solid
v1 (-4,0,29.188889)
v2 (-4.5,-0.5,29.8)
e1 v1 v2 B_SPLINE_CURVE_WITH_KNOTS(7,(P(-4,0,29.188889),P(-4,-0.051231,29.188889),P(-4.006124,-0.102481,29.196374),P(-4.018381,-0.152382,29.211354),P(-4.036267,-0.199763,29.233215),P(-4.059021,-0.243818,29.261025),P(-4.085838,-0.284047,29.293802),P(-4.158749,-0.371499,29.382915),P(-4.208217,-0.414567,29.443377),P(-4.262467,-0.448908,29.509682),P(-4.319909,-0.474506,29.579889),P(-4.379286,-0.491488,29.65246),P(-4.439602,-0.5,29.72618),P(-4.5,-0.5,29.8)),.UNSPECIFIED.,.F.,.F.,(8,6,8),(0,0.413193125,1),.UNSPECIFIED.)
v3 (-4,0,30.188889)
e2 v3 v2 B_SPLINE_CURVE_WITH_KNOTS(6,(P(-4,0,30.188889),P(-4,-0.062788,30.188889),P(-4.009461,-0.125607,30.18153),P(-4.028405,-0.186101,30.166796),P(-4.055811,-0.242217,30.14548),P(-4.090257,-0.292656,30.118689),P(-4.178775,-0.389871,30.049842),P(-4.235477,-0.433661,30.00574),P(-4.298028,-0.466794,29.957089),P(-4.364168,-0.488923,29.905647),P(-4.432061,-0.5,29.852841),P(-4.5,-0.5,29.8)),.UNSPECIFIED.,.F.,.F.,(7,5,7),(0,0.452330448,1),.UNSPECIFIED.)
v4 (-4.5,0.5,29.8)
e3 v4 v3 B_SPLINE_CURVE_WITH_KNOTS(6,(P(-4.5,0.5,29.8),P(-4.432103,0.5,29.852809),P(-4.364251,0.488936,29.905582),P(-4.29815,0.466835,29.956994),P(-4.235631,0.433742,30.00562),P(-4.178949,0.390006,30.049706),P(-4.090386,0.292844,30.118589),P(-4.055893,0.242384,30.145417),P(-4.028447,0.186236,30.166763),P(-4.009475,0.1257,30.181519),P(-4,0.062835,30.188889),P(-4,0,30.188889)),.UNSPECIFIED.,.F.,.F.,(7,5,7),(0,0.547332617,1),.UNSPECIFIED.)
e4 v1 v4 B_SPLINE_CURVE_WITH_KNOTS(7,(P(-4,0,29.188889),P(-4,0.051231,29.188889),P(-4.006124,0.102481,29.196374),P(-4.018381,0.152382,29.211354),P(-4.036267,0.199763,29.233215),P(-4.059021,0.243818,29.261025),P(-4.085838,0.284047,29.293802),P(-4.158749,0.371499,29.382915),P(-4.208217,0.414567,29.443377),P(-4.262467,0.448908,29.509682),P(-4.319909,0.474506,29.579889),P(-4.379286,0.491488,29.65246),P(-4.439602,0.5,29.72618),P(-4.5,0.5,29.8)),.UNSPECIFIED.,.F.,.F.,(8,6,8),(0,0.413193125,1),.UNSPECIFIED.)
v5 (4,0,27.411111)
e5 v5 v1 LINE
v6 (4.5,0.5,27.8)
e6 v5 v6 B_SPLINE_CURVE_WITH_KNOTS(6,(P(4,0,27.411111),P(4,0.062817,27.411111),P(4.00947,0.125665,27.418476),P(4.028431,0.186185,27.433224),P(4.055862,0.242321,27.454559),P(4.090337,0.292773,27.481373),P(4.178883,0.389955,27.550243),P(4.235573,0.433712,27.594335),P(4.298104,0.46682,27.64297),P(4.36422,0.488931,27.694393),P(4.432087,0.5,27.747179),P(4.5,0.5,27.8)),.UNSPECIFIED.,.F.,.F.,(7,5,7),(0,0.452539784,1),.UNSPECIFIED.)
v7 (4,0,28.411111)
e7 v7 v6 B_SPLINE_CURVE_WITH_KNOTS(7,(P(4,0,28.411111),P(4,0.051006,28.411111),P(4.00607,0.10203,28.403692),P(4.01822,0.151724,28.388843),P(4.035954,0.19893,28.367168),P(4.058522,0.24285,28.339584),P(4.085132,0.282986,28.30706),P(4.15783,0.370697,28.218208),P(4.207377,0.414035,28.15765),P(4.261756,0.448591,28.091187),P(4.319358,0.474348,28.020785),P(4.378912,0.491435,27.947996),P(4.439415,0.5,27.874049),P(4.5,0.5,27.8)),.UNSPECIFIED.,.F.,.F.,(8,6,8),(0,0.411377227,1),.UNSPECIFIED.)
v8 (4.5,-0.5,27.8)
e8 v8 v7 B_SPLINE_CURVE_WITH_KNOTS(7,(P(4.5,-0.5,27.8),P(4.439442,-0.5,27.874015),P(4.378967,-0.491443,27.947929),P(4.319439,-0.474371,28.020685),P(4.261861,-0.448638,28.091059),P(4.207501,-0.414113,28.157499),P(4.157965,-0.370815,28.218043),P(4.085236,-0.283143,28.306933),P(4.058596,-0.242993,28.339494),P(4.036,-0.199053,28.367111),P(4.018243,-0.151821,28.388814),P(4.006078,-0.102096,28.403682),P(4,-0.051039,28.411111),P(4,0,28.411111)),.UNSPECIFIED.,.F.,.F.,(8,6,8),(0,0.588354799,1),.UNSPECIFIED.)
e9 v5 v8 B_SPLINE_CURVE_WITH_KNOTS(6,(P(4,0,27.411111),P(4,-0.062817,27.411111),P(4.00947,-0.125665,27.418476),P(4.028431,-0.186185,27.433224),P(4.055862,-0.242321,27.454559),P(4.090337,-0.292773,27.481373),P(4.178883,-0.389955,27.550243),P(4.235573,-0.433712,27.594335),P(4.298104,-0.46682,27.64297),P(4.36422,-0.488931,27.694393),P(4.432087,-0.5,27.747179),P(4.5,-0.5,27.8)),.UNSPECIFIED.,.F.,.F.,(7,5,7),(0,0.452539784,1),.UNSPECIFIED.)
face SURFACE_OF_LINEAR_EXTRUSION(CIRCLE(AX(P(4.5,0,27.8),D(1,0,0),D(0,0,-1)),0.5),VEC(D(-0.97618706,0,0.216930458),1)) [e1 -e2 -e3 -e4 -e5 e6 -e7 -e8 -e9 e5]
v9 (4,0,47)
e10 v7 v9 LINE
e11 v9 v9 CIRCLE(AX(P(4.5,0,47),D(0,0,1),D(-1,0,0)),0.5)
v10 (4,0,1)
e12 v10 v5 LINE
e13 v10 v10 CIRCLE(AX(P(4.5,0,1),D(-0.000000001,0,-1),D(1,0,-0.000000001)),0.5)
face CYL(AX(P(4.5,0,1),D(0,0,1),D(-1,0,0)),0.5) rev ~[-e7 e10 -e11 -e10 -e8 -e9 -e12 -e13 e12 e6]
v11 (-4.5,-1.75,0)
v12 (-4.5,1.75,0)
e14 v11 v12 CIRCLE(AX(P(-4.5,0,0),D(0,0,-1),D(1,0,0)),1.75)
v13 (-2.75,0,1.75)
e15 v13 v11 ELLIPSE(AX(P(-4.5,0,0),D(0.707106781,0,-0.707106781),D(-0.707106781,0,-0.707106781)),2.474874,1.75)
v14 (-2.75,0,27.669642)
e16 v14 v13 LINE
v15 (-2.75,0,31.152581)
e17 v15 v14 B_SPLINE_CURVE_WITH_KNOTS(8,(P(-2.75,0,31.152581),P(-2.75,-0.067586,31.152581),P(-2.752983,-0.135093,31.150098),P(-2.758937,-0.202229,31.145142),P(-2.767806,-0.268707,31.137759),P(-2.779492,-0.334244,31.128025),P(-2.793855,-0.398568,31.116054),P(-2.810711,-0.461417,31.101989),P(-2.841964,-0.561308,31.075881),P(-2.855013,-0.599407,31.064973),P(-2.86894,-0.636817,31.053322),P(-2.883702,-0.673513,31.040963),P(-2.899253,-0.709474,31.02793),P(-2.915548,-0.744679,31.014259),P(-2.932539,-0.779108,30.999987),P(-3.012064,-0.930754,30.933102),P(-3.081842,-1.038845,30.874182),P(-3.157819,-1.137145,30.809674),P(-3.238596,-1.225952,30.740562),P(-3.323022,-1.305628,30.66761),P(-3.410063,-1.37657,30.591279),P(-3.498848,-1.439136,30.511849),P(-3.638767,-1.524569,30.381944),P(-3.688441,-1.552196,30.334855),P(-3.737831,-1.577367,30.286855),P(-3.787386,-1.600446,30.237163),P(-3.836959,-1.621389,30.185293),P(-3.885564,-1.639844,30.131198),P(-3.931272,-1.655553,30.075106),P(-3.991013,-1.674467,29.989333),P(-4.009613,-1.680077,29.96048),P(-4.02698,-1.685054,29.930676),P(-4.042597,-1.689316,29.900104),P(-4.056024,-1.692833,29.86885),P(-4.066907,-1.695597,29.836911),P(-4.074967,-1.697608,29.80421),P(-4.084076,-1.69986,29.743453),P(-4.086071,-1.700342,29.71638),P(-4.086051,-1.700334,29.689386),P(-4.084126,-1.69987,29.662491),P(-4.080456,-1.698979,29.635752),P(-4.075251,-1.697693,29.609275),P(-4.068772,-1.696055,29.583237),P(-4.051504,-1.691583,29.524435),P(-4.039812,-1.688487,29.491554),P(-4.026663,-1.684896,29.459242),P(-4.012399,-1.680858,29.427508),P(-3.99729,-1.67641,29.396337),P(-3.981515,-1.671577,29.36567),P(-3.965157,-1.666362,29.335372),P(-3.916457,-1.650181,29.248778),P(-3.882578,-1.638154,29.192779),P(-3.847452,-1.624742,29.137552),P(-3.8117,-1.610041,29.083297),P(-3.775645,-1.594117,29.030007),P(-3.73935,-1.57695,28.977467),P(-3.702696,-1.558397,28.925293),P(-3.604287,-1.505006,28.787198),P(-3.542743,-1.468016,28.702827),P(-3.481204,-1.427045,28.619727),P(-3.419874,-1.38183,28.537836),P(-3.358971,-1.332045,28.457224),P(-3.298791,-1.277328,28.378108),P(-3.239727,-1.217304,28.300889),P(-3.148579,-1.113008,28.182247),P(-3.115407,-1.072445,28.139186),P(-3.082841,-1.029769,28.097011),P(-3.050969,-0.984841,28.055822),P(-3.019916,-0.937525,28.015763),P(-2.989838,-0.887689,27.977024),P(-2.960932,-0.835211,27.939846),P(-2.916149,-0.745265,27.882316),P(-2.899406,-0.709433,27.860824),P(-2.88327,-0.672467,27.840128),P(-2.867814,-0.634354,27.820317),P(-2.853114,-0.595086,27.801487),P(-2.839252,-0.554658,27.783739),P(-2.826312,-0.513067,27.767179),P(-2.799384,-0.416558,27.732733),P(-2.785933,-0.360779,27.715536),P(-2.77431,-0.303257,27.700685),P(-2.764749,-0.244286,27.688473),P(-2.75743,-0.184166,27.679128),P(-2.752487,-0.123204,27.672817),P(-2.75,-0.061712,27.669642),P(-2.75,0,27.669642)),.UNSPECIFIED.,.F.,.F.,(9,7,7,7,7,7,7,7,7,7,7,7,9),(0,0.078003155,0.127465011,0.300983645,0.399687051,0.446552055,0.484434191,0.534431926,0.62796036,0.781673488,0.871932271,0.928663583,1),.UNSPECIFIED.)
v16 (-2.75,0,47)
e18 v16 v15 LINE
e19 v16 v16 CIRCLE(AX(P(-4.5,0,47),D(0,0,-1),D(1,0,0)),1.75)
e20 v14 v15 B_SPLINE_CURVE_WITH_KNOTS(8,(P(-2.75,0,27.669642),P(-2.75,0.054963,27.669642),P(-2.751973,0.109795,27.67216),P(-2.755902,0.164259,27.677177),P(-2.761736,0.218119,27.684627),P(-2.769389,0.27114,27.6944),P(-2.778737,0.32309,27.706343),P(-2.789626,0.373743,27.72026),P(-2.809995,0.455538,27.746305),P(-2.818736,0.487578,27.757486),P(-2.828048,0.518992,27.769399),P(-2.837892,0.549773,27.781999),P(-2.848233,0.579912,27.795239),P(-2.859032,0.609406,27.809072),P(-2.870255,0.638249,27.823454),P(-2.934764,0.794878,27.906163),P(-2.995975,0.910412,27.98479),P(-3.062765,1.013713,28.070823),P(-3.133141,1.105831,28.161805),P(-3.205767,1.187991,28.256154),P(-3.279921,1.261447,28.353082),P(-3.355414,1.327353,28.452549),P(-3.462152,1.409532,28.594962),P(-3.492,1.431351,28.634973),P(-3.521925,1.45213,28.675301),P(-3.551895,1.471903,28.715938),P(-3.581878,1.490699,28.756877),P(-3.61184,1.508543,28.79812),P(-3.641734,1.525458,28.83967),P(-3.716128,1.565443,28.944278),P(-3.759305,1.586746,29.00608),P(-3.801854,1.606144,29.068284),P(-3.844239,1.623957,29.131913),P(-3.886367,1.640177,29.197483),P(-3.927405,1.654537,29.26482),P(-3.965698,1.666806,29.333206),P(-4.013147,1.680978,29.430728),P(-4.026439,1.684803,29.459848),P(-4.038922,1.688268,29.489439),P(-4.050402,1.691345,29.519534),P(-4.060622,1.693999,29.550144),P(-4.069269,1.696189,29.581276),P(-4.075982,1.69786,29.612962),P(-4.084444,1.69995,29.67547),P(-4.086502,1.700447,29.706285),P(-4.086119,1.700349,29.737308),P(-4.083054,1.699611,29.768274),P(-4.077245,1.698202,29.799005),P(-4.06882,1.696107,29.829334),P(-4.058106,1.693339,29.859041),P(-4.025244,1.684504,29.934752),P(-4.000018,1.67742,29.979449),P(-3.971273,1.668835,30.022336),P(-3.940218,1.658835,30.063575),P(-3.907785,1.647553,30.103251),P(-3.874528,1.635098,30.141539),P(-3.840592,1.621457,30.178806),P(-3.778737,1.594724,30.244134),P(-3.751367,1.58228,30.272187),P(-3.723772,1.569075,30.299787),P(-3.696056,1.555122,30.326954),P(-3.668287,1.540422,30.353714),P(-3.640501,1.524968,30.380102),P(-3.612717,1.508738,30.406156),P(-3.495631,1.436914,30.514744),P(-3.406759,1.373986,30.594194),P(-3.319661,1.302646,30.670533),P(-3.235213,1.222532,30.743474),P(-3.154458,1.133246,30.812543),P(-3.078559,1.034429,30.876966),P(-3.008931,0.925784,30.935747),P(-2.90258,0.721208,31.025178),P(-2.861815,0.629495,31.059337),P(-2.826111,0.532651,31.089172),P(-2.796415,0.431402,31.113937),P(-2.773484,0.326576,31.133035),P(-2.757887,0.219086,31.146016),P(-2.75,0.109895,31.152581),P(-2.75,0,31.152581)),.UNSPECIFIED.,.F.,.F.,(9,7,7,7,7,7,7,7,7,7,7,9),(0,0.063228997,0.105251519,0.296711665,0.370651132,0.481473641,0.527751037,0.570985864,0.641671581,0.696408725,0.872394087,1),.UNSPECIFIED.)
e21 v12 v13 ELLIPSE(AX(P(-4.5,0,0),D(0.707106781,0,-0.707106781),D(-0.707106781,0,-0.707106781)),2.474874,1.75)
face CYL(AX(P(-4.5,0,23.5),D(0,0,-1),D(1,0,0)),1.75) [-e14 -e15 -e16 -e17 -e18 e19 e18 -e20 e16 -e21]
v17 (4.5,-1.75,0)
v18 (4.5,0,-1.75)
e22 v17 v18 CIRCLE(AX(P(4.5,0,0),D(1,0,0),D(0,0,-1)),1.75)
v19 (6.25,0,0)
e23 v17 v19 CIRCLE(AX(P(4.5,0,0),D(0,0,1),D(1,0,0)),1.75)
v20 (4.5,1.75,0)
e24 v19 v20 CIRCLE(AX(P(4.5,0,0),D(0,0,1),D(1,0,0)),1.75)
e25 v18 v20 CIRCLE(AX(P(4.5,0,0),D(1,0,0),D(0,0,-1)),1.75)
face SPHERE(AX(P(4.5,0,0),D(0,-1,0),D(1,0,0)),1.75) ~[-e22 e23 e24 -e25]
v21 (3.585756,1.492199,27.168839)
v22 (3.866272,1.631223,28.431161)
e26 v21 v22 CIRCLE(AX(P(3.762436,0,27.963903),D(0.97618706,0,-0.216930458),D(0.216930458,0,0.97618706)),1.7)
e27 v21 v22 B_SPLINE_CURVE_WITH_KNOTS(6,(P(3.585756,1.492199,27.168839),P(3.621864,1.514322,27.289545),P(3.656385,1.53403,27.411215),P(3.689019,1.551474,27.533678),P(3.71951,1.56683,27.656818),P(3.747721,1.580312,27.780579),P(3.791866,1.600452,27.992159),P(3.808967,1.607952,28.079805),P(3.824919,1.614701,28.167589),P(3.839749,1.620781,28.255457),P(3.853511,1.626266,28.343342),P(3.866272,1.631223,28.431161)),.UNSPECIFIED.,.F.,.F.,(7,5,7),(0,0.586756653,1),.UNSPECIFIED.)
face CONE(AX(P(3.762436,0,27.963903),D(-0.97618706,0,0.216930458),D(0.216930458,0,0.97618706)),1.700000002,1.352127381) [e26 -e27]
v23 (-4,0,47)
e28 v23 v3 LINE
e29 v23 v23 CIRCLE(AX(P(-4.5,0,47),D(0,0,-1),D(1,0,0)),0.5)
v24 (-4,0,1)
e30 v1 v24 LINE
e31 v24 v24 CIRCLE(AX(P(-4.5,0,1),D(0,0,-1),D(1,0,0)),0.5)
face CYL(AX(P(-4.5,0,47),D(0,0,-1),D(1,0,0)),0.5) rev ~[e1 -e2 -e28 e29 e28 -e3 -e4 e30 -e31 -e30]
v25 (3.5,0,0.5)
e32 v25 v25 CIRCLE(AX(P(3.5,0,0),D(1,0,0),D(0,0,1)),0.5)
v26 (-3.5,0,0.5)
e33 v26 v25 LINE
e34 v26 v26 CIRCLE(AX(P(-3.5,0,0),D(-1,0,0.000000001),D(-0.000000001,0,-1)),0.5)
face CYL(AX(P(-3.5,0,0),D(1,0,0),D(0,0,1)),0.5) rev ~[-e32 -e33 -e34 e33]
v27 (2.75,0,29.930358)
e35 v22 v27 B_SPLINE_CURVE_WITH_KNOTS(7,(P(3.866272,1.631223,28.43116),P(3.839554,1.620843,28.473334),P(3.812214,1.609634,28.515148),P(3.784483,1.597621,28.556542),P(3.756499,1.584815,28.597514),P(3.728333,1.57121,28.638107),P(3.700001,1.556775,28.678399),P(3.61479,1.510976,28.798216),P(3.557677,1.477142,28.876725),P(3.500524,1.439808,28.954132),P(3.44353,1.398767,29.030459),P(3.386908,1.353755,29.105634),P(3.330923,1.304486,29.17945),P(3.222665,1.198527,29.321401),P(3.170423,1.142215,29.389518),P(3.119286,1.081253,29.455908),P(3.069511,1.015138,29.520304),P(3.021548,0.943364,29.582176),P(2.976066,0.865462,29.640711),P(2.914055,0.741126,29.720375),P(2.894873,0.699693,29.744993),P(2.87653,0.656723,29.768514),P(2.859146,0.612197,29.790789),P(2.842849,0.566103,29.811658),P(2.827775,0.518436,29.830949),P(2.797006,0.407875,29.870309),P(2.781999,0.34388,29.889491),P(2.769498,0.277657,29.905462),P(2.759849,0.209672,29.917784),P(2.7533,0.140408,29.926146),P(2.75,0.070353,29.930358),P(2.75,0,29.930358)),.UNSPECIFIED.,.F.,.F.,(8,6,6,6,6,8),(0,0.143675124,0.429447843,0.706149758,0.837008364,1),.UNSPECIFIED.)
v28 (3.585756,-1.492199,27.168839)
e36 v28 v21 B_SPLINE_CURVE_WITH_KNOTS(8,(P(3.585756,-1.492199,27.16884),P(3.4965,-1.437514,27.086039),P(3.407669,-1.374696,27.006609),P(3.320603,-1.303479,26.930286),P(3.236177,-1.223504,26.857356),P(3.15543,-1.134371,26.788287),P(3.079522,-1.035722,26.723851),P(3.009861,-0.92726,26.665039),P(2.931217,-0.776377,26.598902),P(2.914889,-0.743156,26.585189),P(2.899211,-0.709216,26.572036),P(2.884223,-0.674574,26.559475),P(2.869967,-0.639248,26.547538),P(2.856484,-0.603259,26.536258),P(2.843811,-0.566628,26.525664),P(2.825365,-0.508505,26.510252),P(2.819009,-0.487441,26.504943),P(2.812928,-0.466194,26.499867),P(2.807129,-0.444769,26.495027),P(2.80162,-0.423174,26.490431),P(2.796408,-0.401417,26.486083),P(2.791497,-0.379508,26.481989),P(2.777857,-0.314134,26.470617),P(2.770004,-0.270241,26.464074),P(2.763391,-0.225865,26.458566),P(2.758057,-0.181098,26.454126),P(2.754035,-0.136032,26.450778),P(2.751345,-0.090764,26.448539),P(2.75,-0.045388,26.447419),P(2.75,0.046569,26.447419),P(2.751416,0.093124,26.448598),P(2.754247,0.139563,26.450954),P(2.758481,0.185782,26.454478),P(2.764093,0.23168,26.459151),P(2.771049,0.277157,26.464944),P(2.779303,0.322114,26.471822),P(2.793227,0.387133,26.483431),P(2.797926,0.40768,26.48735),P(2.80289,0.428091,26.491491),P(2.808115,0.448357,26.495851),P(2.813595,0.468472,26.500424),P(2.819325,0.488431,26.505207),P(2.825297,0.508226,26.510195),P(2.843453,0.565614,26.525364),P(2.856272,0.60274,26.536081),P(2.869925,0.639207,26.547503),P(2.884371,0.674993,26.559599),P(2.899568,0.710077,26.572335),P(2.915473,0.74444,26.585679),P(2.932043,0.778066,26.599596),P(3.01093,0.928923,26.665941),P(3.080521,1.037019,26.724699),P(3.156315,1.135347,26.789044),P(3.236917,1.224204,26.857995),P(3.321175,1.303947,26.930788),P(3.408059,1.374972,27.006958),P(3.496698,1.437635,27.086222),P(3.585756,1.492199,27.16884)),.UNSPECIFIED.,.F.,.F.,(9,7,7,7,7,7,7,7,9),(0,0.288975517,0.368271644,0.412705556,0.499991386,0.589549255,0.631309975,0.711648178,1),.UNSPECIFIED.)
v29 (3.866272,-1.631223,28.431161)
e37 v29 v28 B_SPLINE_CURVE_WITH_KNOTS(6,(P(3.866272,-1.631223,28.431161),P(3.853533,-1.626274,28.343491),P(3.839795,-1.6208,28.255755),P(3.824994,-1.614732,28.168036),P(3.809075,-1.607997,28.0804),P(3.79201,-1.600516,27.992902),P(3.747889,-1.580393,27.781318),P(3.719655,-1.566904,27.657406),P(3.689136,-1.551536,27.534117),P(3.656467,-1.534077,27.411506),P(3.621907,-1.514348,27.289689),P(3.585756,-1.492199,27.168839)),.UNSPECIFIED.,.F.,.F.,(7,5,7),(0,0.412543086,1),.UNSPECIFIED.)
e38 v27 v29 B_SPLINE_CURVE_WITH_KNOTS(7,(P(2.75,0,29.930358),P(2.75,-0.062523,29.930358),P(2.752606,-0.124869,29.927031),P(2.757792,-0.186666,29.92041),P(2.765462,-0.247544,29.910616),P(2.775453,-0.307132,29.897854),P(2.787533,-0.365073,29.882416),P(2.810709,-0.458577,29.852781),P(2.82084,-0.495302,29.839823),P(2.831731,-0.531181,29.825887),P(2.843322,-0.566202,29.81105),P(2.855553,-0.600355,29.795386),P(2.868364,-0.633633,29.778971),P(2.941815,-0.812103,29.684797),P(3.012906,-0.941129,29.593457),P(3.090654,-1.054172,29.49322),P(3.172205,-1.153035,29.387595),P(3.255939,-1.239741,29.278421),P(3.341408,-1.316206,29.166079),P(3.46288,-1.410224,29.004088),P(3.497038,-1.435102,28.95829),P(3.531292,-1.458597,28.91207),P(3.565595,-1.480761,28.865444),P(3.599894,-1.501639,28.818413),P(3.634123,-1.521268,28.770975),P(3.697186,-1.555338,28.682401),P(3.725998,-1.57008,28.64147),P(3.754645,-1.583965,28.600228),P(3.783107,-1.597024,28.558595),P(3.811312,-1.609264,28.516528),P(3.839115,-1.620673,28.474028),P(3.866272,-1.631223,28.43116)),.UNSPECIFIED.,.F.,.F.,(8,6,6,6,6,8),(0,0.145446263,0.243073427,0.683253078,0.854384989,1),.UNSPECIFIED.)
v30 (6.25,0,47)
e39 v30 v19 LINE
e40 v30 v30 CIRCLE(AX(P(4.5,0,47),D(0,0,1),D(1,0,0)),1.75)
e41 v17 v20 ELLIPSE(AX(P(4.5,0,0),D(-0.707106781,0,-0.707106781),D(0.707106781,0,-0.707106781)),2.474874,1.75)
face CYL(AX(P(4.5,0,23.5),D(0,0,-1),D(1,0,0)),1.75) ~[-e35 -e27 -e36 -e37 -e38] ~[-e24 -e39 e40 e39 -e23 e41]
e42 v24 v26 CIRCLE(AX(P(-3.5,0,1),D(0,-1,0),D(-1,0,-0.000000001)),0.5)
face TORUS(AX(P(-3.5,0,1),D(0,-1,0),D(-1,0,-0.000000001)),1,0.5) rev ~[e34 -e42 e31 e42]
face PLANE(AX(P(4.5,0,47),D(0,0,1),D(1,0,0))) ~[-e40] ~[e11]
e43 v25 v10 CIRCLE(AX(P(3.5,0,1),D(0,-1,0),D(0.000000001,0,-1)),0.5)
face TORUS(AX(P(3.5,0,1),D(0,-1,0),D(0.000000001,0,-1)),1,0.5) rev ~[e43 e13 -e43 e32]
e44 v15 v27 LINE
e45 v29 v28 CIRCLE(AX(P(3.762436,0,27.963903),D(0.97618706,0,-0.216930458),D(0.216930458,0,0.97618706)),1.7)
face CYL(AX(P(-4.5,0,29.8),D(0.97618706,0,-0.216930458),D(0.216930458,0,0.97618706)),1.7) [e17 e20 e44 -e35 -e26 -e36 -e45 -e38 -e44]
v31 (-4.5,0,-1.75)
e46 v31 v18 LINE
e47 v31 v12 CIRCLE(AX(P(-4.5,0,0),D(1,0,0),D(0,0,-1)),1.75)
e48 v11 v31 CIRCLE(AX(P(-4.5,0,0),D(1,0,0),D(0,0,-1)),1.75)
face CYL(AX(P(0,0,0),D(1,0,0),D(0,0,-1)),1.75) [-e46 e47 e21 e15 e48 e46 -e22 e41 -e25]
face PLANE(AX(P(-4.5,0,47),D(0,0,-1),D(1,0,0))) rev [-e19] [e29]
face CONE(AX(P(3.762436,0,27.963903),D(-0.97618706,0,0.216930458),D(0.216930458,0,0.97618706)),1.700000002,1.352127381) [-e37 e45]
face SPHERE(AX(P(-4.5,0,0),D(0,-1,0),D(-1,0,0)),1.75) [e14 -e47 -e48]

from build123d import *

# Parameters (mm, degrees)
SKETCH_5_W         = 1.75
SKETCH_5_H         = 47
SKETCH_6_W         = 1.75
SKETCH_6_H         = 47
SKETCH_7_W         = 9
SKETCH_7_H         = 1.75
LEFT_ORNER_ANGLE   = 90
RIGHT_CORNER_ANGLE = 90
SKETCH_11_R        = 0.5
SKETCH_13_R        = 0.5


with BuildPart() as part:
    # 草圖5 → left (revolve)
    with BuildSketch(Plane(origin=(0, 0, 0), x_dir=(1, 0, 0), z_dir=(0, 1, 0))):
        with Locations((-3.625, -23.5)):
            Rectangle(SKETCH_5_W, SKETCH_5_H)
    revolve(axis=Axis((-4.5, 0, 47), (0, 0, -1)))



with BuildPart() as body_2:
    # 草圖6 → right (revolve)
    with BuildSketch(Plane(origin=(0, 0, 0), x_dir=(1, 0, 0), z_dir=(0, 1, 0))):
        with Locations((5.375, -23.5)):
            Rectangle(SKETCH_6_W, SKETCH_6_H)
    revolve(axis=Axis((4.5, 0, 0), (0, 0, 1)))


with BuildPart() as part_1:
    add(part.part)

    add(body_2.part)  # down merges body 2
    # 草圖7 → down (revolve)
    with BuildSketch(Plane(origin=(0, 0, 0), x_dir=(1, 0, 0), z_dir=(0, 1, 0))):
        with Locations((0, 0.875)):
            Rectangle(SKETCH_7_W, SKETCH_7_H)
    revolve(axis=Axis((-4.5, 0, 0), (1, 0, 0)))

    # 草圖8 → left_orner (revolve)
    with BuildSketch(Plane(origin=(0, 0, 0), x_dir=(-1, 0, 0), z_dir=(0, 0, -1))):
        with BuildLine():
            Line((4.5, -1.75), (4.5, 1.75))
            ThreePointArc((4.5, 1.75), (6.25, 0), (4.5, -1.75))
        make_face()
    revolve(axis=Axis((-4.5, -1.75, 0), (0, -1, 0)), revolution_arc=LEFT_ORNER_ANGLE)

    # 草圖9 → right_corner (revolve)
    with BuildSketch(Plane(origin=(0, 0, 0), x_dir=(-1, 0, 0), z_dir=(0, 0, -1))):
        with BuildLine():
            Line((-4.5, -1.75), (-4.5, 1.75))
            ThreePointArc((-4.5, 1.75), (-6.25, 0), (-4.5, -1.75))
        make_face()
    revolve(axis=Axis((4.5, -1.75, 0), (0, 1, 0)), revolution_arc=RIGHT_CORNER_ANGLE)

    # 草圖10 → up (revolve)
    with BuildSketch(Plane(origin=(0, 0, 0), x_dir=(1, 0, 0), z_dir=(0, 1, 0))):
        Polygon((-4.131218222, -29.718048494), (-4.131218222, -31.459518002), (4.131218222, -29.623421015), (4.131218222, -27.881951506), align=None)
    revolve(axis=Axis((-4.5, 0, 29.8), (0.97618706, 0, -0.216930458)))

    # inside: sweep along a path in 草圖12
    with BuildLine(Plane(origin=(0, 0, 0), x_dir=(1, 0, 0), z_dir=(0, 1, 0))) as inside_path:
        Line((-4.5, -47), (-4.5, -1))
        ThreePointArc((-4.5, -1), (-4.207106781, -0.292893219), (-3.5, 0))
        Line((-3.5, 0), (3.5, 0))
        ThreePointArc((3.5, 0), (4.207106781, -0.292893219), (4.5, -1))
        Line((4.5, -1), (4.5, -47))
    # 草圖11 → inside (sweep, cut)
    with BuildSketch(Plane.XY.offset(47)):
        with Locations((-4.5, 0)):
            Circle(SKETCH_11_R)
    sweep(path=inside_path.line, mode=Mode.SUBTRACT)

    # up_inside: sweep along a path in 草圖14
    with BuildLine(Plane(origin=(0, 0, 0), x_dir=(1, 0, 0), z_dir=(0, 1, 0))) as up_inside_path:
        Line((4.5, -27.8), (-4.5, -29.8))
    # 草圖13 → up_inside (sweep, cut)
    with BuildSketch(Plane(origin=(4.5, 0, 0), x_dir=(0, 0, -1), z_dir=(1, 0, 0))):
        with Locations((-27.8, 0)):
            Circle(SKETCH_13_R)
    sweep(path=up_inside_path.line, mode=Mode.SUBTRACT)


solid = part_1.part
